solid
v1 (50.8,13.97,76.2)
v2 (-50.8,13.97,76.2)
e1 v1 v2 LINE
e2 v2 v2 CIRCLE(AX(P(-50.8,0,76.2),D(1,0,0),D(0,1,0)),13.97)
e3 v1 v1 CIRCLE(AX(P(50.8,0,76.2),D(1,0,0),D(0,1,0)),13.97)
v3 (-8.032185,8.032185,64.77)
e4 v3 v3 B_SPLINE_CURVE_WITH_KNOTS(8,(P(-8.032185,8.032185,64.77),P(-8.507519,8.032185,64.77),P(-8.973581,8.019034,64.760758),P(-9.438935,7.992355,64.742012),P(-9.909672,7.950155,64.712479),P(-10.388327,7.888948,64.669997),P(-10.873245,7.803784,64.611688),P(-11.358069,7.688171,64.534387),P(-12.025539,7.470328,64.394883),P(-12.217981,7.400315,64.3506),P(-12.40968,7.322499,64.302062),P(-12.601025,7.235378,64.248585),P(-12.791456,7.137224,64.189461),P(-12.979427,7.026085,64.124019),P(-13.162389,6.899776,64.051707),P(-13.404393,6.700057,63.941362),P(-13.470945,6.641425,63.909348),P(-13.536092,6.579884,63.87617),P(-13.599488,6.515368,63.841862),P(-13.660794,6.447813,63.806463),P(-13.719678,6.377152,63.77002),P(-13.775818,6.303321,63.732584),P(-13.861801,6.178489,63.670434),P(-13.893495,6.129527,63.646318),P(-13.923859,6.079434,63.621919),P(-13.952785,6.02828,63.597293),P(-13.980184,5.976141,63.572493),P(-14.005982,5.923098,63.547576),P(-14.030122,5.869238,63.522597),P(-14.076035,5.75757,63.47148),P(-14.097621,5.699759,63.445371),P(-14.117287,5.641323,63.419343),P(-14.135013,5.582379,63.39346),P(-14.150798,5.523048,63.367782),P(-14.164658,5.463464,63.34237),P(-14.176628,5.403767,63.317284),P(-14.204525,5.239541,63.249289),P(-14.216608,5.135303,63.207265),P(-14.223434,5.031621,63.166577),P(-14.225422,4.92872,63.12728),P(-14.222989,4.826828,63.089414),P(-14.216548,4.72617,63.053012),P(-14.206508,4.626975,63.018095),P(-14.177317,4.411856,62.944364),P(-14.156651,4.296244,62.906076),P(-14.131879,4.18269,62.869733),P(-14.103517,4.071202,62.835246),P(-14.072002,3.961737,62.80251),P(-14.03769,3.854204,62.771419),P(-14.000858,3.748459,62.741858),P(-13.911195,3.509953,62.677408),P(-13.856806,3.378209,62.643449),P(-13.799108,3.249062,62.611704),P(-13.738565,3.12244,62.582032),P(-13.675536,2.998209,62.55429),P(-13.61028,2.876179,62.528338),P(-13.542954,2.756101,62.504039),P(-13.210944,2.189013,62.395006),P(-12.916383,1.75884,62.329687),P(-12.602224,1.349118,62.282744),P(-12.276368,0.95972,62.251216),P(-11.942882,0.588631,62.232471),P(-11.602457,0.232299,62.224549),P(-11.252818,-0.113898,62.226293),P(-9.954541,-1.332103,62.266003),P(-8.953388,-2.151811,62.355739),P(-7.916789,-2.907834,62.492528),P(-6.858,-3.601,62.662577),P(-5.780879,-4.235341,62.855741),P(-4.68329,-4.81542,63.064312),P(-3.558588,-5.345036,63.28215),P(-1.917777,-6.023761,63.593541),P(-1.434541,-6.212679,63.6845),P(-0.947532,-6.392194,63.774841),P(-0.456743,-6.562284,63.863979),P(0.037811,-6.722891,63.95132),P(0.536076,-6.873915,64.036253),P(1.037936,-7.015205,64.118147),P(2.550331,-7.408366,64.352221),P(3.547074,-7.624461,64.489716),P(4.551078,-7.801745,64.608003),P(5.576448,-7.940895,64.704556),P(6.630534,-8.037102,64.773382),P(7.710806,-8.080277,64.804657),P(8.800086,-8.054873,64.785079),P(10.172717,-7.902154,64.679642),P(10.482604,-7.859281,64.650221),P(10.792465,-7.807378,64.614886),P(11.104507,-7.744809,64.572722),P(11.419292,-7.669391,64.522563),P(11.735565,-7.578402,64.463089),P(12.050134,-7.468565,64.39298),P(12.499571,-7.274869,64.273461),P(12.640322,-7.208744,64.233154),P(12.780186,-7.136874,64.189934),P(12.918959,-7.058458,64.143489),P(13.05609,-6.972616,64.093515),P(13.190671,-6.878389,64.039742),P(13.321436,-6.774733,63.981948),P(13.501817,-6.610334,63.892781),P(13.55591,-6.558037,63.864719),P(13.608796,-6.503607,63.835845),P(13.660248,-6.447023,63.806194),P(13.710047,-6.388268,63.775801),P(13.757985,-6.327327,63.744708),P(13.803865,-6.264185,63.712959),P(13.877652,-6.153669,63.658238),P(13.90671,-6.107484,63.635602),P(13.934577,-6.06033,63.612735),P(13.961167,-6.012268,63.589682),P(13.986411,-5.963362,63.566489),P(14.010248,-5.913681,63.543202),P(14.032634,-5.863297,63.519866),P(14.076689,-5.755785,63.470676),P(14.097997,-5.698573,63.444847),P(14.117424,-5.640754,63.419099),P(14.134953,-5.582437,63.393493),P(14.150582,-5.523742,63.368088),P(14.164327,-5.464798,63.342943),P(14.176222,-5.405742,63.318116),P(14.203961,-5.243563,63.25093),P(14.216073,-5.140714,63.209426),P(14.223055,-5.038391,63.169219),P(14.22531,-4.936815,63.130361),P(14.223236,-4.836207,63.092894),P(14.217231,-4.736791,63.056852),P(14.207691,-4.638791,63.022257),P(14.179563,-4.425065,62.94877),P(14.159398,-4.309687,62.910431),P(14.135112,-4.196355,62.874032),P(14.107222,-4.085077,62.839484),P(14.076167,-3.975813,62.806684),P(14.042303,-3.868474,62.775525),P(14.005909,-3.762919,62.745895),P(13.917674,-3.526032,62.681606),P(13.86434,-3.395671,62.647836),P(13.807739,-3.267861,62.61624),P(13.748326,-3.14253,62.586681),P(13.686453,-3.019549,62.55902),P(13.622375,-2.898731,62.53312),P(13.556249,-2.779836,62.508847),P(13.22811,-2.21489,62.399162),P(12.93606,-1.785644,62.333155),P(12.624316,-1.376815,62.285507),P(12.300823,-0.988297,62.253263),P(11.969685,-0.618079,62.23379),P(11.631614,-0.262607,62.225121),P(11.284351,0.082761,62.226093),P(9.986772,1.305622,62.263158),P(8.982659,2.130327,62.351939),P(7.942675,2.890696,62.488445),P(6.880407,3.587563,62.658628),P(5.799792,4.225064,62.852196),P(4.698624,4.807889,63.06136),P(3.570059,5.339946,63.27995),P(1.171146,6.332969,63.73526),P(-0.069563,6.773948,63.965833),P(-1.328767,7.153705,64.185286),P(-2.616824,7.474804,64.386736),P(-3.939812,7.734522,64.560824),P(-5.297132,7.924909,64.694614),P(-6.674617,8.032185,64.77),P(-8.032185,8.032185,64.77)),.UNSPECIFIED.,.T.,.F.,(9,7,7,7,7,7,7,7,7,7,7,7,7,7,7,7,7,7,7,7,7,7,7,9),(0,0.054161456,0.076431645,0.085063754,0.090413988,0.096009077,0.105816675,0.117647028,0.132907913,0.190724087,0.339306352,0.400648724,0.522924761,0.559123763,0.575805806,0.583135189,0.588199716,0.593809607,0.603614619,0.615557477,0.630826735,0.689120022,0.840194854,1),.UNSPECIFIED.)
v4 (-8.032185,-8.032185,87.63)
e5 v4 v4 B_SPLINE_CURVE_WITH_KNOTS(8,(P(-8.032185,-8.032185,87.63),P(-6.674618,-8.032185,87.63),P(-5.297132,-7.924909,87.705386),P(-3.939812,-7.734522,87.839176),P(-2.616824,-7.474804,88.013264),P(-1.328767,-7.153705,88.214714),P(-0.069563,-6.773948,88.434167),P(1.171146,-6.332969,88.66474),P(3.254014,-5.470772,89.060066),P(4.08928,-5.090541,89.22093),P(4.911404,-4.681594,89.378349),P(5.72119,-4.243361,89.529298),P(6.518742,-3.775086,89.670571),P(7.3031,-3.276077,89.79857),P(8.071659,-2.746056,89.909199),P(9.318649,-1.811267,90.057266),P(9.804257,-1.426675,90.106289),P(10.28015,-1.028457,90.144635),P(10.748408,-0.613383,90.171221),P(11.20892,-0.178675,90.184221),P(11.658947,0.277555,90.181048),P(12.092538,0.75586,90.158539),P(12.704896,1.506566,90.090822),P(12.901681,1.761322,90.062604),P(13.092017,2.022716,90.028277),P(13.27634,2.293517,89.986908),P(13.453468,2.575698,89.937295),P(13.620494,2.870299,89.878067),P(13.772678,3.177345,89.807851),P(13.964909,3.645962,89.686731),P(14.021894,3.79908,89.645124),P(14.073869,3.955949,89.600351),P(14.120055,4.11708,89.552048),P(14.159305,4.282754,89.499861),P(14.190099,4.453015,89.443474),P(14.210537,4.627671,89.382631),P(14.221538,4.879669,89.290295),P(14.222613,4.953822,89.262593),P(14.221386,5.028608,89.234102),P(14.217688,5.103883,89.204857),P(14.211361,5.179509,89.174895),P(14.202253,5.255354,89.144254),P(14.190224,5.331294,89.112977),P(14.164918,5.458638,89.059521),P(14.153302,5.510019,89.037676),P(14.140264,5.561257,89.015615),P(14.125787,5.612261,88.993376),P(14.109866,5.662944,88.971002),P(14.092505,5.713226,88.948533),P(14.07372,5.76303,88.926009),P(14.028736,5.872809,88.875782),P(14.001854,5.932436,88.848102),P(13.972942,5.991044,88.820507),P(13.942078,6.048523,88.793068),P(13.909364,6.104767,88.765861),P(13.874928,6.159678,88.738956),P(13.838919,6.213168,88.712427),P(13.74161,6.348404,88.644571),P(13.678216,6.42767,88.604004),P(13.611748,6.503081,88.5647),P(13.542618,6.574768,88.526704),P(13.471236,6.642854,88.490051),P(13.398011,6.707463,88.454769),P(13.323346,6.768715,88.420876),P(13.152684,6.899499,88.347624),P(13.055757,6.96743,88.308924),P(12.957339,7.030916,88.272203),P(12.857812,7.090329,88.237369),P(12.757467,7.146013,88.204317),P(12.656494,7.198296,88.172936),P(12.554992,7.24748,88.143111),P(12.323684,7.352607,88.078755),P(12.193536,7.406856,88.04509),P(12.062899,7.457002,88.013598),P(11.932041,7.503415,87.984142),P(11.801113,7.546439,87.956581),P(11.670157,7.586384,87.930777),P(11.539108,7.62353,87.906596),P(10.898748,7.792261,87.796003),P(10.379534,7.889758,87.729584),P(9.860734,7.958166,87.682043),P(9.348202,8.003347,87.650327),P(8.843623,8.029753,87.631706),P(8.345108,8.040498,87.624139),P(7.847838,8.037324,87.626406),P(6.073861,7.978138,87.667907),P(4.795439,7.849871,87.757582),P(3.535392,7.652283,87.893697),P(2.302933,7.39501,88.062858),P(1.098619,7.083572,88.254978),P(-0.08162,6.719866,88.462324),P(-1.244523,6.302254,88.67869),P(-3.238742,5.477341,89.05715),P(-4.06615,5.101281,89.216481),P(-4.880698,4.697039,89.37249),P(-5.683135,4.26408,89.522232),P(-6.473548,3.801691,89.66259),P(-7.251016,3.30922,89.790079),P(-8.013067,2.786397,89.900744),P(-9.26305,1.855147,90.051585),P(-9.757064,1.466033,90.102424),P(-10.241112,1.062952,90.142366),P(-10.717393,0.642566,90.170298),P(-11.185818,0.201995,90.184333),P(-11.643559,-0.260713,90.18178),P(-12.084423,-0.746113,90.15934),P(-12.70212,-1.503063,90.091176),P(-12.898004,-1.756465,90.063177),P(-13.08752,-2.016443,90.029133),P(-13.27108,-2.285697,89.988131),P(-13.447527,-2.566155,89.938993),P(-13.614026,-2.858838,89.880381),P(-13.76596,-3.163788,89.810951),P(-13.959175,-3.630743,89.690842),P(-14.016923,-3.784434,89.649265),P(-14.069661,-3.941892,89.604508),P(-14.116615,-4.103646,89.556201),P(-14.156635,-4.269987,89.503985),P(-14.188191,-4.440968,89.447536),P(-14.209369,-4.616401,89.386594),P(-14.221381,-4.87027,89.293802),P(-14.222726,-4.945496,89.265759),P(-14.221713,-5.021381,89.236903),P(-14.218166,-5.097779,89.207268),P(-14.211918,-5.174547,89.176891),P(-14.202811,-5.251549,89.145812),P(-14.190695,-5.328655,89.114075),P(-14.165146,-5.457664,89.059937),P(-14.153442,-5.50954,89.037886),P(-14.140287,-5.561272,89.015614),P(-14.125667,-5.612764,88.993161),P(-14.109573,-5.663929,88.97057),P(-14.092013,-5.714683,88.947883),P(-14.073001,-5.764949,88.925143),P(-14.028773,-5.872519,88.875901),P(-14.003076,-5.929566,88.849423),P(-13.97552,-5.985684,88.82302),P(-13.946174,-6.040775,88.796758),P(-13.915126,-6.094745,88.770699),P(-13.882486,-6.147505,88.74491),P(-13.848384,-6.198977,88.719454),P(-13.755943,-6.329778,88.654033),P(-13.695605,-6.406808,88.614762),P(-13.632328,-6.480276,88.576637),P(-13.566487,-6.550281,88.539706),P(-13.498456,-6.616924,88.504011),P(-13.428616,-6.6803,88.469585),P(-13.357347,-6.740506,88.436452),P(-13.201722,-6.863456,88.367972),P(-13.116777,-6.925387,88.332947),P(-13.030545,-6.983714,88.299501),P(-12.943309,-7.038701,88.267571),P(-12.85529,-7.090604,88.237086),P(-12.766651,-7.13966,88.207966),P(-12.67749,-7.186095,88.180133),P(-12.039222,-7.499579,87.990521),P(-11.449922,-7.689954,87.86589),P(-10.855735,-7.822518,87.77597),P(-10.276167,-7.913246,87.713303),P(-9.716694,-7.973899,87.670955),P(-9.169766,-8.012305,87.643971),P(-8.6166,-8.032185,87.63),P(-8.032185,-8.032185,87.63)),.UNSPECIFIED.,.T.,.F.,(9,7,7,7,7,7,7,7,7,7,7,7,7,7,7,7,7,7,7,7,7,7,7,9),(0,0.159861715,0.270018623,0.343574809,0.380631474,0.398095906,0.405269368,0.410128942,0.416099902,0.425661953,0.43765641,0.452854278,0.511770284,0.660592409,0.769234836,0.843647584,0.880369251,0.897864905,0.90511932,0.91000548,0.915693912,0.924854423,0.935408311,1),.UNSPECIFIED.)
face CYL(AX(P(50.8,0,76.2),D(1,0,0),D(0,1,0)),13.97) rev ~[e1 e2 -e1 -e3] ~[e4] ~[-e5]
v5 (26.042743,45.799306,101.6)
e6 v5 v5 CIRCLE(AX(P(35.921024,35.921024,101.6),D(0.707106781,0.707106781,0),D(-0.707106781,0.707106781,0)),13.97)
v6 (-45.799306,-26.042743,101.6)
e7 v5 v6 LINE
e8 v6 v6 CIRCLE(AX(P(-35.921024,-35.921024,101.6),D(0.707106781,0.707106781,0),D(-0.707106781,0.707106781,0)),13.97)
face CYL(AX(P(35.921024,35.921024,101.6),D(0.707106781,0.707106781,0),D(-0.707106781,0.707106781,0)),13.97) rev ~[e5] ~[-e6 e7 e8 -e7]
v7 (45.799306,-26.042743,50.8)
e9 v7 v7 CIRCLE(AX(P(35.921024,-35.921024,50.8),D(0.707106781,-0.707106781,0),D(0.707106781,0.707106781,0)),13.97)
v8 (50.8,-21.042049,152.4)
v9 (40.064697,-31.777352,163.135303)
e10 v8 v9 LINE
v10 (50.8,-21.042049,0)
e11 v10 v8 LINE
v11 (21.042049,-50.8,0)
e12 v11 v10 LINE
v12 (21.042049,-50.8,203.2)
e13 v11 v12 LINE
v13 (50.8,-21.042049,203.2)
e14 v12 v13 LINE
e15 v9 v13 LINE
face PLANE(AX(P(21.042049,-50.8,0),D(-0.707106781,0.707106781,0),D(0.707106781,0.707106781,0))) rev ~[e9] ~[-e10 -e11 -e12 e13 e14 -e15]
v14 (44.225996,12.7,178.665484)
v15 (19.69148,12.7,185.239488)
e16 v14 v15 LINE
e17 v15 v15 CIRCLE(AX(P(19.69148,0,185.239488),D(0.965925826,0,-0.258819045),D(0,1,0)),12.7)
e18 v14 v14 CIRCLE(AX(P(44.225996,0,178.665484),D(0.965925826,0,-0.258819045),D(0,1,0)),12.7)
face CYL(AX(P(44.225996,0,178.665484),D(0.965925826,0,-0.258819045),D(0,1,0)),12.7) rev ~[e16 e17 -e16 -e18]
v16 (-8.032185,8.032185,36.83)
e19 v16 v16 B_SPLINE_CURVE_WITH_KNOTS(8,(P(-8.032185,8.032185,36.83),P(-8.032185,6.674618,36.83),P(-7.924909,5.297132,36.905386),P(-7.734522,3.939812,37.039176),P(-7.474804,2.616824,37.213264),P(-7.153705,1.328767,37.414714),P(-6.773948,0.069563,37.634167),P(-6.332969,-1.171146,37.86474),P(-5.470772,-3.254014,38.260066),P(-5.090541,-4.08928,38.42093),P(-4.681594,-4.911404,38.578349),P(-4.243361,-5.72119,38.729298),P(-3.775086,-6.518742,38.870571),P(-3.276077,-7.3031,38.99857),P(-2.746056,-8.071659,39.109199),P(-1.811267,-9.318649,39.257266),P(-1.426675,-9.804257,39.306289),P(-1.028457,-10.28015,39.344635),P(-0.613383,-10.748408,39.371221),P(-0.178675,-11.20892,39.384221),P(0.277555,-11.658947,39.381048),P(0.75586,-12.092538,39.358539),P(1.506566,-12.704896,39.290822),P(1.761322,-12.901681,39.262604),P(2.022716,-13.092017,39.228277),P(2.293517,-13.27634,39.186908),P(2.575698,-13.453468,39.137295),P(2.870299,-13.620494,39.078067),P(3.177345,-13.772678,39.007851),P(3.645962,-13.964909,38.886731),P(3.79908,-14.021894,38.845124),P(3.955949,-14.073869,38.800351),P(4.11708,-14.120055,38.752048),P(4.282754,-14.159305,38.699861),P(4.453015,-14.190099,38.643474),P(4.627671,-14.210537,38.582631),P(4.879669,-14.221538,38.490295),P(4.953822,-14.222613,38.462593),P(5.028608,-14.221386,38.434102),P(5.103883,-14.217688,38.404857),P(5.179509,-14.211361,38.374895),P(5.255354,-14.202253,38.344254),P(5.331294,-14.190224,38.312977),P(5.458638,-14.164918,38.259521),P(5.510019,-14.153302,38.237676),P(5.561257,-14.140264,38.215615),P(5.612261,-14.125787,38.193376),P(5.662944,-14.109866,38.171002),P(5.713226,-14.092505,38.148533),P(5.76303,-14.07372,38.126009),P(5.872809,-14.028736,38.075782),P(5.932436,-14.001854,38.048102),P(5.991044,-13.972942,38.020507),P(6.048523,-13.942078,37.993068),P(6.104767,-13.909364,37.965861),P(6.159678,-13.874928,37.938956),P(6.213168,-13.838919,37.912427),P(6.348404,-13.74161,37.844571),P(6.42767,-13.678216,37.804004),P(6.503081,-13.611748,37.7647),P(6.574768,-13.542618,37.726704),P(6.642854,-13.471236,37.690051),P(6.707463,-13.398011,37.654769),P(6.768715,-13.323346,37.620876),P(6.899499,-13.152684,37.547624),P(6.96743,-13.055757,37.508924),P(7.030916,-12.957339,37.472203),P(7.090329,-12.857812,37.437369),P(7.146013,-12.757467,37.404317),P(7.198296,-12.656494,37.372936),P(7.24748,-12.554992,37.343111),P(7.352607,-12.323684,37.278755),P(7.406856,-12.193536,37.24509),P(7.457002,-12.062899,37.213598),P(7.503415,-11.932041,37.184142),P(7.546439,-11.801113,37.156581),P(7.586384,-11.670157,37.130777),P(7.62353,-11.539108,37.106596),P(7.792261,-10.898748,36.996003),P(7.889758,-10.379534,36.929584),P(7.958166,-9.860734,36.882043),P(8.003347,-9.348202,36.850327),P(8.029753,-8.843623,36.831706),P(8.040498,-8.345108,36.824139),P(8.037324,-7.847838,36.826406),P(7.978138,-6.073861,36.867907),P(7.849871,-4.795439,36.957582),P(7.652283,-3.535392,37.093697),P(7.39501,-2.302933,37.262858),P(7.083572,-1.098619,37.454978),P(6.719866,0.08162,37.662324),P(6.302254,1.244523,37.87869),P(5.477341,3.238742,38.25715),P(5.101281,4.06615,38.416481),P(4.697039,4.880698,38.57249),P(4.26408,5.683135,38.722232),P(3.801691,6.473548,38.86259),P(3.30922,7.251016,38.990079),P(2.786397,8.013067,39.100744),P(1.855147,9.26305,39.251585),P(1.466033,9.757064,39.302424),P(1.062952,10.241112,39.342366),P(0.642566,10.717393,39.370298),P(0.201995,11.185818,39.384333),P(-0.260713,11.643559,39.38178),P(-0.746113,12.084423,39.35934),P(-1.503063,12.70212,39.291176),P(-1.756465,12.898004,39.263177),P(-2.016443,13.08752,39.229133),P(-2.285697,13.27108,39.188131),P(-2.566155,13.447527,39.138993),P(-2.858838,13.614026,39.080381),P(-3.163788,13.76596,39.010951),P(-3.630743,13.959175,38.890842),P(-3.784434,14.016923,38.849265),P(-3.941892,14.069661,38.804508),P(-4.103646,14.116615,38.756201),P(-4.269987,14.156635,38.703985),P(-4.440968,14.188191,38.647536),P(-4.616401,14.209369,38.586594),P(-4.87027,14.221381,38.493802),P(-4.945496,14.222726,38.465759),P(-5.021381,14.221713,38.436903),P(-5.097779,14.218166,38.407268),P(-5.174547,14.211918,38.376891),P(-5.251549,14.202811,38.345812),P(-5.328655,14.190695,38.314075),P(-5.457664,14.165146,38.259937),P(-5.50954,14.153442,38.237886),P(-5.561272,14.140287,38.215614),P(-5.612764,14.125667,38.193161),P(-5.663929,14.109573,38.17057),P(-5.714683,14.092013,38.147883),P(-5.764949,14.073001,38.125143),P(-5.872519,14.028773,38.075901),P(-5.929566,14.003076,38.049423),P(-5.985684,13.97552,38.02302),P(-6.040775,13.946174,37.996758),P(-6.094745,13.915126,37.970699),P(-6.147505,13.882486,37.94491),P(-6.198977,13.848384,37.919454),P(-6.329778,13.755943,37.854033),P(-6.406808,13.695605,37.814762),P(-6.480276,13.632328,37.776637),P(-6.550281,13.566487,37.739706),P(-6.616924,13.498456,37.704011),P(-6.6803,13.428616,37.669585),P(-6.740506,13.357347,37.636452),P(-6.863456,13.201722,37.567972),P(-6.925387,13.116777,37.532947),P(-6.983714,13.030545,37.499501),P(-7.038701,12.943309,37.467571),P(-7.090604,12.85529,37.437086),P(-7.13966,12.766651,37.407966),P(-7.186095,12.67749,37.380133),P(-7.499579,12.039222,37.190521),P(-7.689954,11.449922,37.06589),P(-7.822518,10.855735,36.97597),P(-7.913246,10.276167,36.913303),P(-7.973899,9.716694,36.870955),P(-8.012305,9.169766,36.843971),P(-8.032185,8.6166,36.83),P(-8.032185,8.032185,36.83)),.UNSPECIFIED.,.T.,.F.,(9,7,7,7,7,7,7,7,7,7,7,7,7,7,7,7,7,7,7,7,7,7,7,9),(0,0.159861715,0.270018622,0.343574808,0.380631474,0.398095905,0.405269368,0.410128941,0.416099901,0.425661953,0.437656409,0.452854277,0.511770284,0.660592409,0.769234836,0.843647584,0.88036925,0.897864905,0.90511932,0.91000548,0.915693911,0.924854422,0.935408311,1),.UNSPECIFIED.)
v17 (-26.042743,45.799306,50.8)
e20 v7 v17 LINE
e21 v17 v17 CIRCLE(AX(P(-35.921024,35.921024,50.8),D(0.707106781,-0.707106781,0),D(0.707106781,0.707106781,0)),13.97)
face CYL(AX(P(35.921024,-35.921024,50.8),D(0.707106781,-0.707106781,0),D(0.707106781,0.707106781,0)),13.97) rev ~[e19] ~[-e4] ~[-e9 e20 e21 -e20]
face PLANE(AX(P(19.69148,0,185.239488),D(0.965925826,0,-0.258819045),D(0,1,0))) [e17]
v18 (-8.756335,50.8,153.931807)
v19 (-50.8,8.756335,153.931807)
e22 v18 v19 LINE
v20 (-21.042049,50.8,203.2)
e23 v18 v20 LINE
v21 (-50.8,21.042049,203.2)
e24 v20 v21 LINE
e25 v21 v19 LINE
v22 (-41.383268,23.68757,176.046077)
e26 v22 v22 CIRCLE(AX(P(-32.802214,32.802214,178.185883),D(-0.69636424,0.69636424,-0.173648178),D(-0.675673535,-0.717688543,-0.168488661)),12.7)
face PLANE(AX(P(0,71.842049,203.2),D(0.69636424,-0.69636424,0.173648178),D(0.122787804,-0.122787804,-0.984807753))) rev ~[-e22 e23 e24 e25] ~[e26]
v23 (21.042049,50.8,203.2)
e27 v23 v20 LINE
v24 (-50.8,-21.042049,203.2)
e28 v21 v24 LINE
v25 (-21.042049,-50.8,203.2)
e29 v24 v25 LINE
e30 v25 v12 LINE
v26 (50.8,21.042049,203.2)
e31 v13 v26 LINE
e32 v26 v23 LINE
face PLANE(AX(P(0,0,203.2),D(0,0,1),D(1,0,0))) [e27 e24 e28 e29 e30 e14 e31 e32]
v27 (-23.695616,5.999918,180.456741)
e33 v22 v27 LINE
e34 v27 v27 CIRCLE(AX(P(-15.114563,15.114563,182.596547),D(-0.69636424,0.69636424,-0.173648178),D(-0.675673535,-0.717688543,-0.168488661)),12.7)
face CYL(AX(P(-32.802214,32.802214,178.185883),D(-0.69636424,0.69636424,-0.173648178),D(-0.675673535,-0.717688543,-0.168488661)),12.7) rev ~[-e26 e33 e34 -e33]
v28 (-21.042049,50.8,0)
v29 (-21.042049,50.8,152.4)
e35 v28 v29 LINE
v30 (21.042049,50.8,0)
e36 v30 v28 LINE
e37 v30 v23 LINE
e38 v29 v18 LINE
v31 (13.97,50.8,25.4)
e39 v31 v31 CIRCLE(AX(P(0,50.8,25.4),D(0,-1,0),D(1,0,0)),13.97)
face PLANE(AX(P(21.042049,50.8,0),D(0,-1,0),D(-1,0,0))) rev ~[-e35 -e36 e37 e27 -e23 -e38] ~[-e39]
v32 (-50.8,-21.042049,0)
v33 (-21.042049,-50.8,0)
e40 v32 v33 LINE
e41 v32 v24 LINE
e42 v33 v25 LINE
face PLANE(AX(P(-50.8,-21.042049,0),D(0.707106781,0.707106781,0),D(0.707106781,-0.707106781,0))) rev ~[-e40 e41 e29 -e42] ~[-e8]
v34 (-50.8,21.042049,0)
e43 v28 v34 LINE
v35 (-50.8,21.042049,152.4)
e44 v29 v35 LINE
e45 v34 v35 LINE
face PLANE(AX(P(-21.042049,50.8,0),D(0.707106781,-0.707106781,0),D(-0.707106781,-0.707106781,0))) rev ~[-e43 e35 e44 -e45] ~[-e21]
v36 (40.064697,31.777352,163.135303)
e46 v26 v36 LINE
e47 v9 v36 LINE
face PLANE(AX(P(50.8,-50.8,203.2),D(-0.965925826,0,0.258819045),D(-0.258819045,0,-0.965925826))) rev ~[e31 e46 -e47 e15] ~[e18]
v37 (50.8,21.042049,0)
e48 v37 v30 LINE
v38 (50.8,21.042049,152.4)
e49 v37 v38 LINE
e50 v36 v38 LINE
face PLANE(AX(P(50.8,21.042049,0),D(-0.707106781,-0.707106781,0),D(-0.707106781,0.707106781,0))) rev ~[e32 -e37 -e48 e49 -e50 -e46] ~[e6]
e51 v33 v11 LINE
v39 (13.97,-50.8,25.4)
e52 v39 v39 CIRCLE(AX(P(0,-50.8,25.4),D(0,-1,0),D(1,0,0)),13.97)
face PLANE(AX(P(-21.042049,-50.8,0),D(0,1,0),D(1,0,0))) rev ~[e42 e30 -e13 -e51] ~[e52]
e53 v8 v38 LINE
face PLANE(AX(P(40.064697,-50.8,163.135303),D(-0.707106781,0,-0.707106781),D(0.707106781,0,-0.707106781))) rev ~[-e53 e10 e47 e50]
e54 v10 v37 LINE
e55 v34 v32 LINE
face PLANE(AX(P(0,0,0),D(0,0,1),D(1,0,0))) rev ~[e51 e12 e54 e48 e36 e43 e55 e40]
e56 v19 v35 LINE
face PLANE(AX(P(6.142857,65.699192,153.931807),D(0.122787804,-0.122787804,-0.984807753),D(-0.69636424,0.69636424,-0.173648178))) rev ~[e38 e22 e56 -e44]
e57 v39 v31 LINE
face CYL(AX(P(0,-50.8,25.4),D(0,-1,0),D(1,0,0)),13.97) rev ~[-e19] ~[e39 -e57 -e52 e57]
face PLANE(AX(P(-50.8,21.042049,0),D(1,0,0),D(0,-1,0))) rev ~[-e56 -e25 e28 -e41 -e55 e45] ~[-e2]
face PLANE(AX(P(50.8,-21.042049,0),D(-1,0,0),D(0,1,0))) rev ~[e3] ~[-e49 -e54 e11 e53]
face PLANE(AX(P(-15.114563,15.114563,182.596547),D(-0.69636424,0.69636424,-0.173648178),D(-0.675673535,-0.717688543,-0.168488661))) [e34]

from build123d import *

# Parameters (mm, degrees)
F1_DEPTH  = 203.2
F2_R      = 13.97
F3_DEPTH  = 101.601
F4_R      = 13.97
F5_DEPTH  = 101.6
F6_R      = 13.97
F7_DEPTH  = 101.601
F8_R      = 13.97
F9_DEPTH  = 122.64304911
F11_DEPTH = 101.6010001
F12_R     = 12.7
F13_DEPTH = 25.4
F15_DEPTH = 122.64304911
F16_R     = 12.7
F17_DEPTH = 25.4


with BuildPart() as f1:
    # F0 (on Top) → F1 (new body)
    with BuildSketch(Plane.XY):
        Polygon((-21.0420489686, -50.8), (21.0420489686, -50.8), (50.8, -21.0420489686), (50.8, 21.0420489686), (21.0420489686, 50.8), (-21.0420489686, 50.8), (-50.8, 21.0420489686), (-50.8, -21.0420489686), align=None)
    extrude(amount=F1_DEPTH)

    # F2 (on face) → F3 (cut, through all)
    with BuildSketch(Plane.XZ.offset(50.8)):
        with Locations((0, 25.4)):
            Circle(F2_R)
    extrude(amount=-F3_DEPTH, mode=Mode.SUBTRACT)

    # F4 (on face) → F5 (cut)
    with BuildSketch(Plane(origin=(35.9210244843, -35.9210244843, 0), x_dir=(0.7071067812, 0.7071067812, 0), z_dir=(0.7071067812, -0.7071067812, 0))):
        with Locations((0, 50.8)):
            Circle(F4_R)
    extrude(amount=-F5_DEPTH, mode=Mode.SUBTRACT)

    # F6 (on face) → F7 (cut, through all)
    with BuildSketch(Plane.YZ.offset(50.8)):
        with Locations((0, 76.2)):
            Circle(F6_R)
    extrude(amount=-F7_DEPTH, mode=Mode.SUBTRACT)

    # F8 (on face) → F9 (cut, through all)
    with BuildSketch(Plane(origin=(35.9210244843, 35.9210244843, 0), x_dir=(-0.7071067812, 0.7071067812, 0), z_dir=(0.7071067812, 0.7071067812, 0))):
        with Locations((0, 101.6)):
            Circle(F8_R)
    extrude(amount=-F9_DEPTH, mode=Mode.SUBTRACT)

    # F10 (on face) → F11 (cut, through all)
    with BuildSketch(Plane.XZ.offset(50.8)):
        Polygon((50.8, 152.4), (50.8, 203.2), (40.0646968374, 163.1353031626), align=None)
    extrude(amount=-F11_DEPTH, mode=Mode.SUBTRACT)

    # F12 (on face) → F13 (cut)
    with BuildSketch(Plane(origin=(-3.4029547439, 0, 0.9118189755), x_dir=(0, 1, 0), z_dir=(0.9659258263, 0, -0.2588190451))):
        with Locations((0, 184.0241353931)):
            Circle(F12_R)
    extrude(amount=-F13_DEPTH, mode=Mode.SUBTRACT)

    # F14 (on face) → F15 (cut, through all)
    with BuildSketch(Plane(origin=(35.9210244843, 35.9210244843, 0), x_dir=(-0.7071067812, 0.7071067812, 0), z_dir=(0.7071067812, 0.7071067812, 0))):
        Polygon((50.8, 152.4), (50.8, 203.2), (42.1126883595, 153.931807432), align=None)
    extrude(amount=-F15_DEPTH, mode=Mode.SUBTRACT)

    # F16 (on face) → F17 (cut)
    with BuildSketch(Plane(origin=(-10.2664451766, 10.2664451766, -2.5600819123), x_dir=(-0.6756735354, -0.717688543, -0.1684886606), z_dir=(-0.6963642403, 0.6963642403, -0.1736481777))):
        with Locations((-31.4004860543, 180.8281922458)):
            Circle(F16_R)
    extrude(amount=-F17_DEPTH, mode=Mode.SUBTRACT)


solid = f1.part
